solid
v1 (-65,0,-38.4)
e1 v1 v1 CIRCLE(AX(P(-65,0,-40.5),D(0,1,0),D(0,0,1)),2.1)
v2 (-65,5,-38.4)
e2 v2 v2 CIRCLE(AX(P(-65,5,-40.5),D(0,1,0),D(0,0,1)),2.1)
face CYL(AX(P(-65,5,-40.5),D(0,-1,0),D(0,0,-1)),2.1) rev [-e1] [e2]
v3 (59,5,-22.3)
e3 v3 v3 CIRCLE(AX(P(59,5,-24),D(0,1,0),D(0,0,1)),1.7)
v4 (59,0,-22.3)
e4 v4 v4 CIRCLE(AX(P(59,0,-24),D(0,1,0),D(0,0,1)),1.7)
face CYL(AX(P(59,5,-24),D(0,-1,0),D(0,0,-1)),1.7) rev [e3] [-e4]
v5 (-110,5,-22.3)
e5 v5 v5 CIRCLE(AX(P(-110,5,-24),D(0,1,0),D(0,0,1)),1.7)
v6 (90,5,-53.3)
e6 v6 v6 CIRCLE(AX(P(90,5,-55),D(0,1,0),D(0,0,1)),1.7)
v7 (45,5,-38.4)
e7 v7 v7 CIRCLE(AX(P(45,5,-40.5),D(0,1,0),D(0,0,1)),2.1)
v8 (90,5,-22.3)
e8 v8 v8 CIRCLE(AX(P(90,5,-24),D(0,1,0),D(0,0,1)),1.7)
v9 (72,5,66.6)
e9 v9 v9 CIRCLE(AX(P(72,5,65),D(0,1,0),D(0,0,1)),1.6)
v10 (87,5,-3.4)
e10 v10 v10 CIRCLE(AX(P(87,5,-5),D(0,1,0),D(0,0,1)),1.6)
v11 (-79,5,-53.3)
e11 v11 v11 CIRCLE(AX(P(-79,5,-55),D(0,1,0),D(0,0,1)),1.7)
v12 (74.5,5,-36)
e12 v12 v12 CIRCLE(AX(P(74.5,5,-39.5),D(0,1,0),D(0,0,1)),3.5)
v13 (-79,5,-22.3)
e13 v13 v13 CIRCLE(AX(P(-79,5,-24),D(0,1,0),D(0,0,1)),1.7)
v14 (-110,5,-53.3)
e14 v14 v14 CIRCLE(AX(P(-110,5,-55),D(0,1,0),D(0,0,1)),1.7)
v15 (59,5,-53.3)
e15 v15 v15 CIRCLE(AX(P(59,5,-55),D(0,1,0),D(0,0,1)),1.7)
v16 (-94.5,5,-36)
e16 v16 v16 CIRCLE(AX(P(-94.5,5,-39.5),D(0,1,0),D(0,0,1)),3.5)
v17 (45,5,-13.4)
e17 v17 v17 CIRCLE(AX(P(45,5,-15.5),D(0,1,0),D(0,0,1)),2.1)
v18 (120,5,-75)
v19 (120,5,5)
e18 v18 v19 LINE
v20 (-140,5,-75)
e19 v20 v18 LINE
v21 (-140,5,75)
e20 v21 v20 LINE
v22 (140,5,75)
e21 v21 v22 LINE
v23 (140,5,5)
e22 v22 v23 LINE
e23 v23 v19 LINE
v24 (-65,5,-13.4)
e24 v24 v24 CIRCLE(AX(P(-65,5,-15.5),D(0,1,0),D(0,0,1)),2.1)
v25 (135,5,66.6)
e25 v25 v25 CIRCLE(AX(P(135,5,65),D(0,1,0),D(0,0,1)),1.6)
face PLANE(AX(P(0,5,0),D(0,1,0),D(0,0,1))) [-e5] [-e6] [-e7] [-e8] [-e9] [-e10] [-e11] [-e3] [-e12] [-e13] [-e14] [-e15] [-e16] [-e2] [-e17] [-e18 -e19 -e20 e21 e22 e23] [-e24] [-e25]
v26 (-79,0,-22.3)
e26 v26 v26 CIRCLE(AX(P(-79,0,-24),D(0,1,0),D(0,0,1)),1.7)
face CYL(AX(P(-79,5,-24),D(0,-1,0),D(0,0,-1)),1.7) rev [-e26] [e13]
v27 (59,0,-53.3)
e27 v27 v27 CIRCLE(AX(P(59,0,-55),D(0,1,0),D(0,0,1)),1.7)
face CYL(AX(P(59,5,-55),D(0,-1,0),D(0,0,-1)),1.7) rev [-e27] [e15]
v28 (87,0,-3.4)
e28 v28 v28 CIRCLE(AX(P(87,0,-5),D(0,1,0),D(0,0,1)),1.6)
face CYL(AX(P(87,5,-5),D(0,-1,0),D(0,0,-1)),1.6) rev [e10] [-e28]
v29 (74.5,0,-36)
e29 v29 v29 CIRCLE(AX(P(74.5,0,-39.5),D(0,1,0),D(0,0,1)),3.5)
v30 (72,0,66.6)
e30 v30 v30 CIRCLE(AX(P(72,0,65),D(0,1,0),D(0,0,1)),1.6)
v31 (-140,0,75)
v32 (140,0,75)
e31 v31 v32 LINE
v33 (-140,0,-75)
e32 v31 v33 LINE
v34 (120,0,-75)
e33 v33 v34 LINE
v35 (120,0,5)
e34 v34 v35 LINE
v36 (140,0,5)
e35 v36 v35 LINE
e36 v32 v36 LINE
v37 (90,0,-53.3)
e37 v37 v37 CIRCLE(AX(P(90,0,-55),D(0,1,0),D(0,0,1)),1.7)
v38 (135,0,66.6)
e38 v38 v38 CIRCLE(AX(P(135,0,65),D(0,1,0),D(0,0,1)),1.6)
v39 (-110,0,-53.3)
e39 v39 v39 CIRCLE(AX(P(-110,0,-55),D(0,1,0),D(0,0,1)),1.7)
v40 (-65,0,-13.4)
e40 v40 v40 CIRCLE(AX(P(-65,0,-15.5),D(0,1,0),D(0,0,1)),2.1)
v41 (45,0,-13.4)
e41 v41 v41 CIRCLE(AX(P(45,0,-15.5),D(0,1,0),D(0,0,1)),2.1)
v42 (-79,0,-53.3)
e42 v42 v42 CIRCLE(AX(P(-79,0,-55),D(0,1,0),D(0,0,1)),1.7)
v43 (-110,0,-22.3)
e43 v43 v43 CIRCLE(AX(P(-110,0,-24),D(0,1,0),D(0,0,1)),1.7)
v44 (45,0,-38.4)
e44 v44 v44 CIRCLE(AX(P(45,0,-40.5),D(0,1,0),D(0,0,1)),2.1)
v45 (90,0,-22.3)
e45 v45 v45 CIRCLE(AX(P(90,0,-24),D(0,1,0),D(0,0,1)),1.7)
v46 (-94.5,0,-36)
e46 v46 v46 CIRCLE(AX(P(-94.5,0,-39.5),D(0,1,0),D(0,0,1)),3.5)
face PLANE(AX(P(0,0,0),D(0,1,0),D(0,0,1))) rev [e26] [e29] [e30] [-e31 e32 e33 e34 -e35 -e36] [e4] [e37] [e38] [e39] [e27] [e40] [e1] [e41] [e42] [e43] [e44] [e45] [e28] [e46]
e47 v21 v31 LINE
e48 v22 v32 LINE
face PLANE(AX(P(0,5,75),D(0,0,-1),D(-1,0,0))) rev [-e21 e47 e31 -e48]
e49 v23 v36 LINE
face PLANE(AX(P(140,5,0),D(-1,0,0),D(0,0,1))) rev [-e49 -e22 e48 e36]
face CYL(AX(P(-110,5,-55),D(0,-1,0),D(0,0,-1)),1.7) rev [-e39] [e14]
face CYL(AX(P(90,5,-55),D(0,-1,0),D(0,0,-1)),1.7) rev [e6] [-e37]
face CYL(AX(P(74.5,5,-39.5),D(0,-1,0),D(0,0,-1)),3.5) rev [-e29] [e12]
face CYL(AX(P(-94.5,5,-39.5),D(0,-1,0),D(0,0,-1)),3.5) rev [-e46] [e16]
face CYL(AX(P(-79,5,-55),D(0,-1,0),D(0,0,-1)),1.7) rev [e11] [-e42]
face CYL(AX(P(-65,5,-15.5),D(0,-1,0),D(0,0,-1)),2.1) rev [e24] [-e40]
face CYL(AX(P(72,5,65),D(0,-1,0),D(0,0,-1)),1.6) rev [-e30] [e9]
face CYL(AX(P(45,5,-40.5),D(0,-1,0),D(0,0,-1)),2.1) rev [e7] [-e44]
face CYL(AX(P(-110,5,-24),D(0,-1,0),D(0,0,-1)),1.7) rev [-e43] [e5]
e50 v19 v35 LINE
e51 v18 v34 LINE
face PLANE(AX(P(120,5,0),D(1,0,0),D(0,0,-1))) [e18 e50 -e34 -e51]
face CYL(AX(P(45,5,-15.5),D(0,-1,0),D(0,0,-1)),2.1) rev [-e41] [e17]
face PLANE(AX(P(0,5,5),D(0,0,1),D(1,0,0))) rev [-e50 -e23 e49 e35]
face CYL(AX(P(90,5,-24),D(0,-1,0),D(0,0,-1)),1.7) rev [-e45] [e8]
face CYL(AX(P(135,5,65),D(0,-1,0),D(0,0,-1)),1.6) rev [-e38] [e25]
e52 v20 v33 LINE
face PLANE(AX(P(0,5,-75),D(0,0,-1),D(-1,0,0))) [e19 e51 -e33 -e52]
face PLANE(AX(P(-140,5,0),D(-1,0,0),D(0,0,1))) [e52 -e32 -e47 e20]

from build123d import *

# Parameters (mm, degrees)
SKETCH_1_R      = 1.6
SKETCH_1_R_2    = 1.7
SKETCH_1_R_3    = 2.1
SKETCH_1_R_4    = 3.5
EXTRUDE_1_DEPTH = 5


with BuildPart() as part:
    # 草图1 → 凸台-拉伸1 (new body)
    with BuildSketch(Plane(origin=(0, 0, 0), x_dir=(1, 0, 0), z_dir=(0, 1, 0))):
        Polygon((-140, 75), (-140, -75), (140, -75), (140, -5), (120, -5), (120, 75), align=None)
        with Locations(Location((72, -65, 0), (0, 0, 270))):
            Circle(SKETCH_1_R, mode=Mode.SUBTRACT)
        with Locations(Location((135, -65, 0), (0, 0, 270))):
            Circle(SKETCH_1_R, mode=Mode.SUBTRACT)
        with Locations(Location((-110, 24, 0), (0, 0, 270))):
            Circle(SKETCH_1_R_2, mode=Mode.SUBTRACT)
        with Locations(Location((-79, 24, 0), (0, 0, 270))):
            Circle(SKETCH_1_R_2, mode=Mode.SUBTRACT)
        with Locations(Location((-65, 15.5, 0), (0, 0, 270))):
            Circle(SKETCH_1_R_3, mode=Mode.SUBTRACT)
        with Locations(Location((-110, 55, 0), (0, 0, 270))):
            Circle(SKETCH_1_R_2, mode=Mode.SUBTRACT)
        with Locations(Location((-94.5, 39.5, 0), (0, 0, 270))):
            Circle(SKETCH_1_R_4, mode=Mode.SUBTRACT)
        with Locations(Location((-79, 55, 0), (0, 0, 270))):
            Circle(SKETCH_1_R_2, mode=Mode.SUBTRACT)
        with Locations(Location((-65, 40.5, 0), (0, 0, 270))):
            Circle(SKETCH_1_R_3, mode=Mode.SUBTRACT)
        with Locations(Location((45, 15.5, 0), (0, 0, 270))):
            Circle(SKETCH_1_R_3, mode=Mode.SUBTRACT)
        with Locations(Location((59, 24, 0), (0, 0, 270))):
            Circle(SKETCH_1_R_2, mode=Mode.SUBTRACT)
        with Locations(Location((87, 5, 0), (0, 0, 270))):
            Circle(SKETCH_1_R, mode=Mode.SUBTRACT)
        with Locations(Location((90, 24, 0), (0, 0, 270))):
            Circle(SKETCH_1_R_2, mode=Mode.SUBTRACT)
        with Locations(Location((45, 40.5, 0), (0, 0, 270))):
            Circle(SKETCH_1_R_3, mode=Mode.SUBTRACT)
        with Locations(Location((59, 55, 0), (0, 0, 270))):
            Circle(SKETCH_1_R_2, mode=Mode.SUBTRACT)
        with Locations(Location((74.5, 39.5, 0), (0, 0, 270))):
            Circle(SKETCH_1_R_4, mode=Mode.SUBTRACT)
        with Locations(Location((90, 55, 0), (0, 0, 270))):
            Circle(SKETCH_1_R_2, mode=Mode.SUBTRACT)
    extrude(amount=EXTRUDE_1_DEPTH)


solid = part.part
